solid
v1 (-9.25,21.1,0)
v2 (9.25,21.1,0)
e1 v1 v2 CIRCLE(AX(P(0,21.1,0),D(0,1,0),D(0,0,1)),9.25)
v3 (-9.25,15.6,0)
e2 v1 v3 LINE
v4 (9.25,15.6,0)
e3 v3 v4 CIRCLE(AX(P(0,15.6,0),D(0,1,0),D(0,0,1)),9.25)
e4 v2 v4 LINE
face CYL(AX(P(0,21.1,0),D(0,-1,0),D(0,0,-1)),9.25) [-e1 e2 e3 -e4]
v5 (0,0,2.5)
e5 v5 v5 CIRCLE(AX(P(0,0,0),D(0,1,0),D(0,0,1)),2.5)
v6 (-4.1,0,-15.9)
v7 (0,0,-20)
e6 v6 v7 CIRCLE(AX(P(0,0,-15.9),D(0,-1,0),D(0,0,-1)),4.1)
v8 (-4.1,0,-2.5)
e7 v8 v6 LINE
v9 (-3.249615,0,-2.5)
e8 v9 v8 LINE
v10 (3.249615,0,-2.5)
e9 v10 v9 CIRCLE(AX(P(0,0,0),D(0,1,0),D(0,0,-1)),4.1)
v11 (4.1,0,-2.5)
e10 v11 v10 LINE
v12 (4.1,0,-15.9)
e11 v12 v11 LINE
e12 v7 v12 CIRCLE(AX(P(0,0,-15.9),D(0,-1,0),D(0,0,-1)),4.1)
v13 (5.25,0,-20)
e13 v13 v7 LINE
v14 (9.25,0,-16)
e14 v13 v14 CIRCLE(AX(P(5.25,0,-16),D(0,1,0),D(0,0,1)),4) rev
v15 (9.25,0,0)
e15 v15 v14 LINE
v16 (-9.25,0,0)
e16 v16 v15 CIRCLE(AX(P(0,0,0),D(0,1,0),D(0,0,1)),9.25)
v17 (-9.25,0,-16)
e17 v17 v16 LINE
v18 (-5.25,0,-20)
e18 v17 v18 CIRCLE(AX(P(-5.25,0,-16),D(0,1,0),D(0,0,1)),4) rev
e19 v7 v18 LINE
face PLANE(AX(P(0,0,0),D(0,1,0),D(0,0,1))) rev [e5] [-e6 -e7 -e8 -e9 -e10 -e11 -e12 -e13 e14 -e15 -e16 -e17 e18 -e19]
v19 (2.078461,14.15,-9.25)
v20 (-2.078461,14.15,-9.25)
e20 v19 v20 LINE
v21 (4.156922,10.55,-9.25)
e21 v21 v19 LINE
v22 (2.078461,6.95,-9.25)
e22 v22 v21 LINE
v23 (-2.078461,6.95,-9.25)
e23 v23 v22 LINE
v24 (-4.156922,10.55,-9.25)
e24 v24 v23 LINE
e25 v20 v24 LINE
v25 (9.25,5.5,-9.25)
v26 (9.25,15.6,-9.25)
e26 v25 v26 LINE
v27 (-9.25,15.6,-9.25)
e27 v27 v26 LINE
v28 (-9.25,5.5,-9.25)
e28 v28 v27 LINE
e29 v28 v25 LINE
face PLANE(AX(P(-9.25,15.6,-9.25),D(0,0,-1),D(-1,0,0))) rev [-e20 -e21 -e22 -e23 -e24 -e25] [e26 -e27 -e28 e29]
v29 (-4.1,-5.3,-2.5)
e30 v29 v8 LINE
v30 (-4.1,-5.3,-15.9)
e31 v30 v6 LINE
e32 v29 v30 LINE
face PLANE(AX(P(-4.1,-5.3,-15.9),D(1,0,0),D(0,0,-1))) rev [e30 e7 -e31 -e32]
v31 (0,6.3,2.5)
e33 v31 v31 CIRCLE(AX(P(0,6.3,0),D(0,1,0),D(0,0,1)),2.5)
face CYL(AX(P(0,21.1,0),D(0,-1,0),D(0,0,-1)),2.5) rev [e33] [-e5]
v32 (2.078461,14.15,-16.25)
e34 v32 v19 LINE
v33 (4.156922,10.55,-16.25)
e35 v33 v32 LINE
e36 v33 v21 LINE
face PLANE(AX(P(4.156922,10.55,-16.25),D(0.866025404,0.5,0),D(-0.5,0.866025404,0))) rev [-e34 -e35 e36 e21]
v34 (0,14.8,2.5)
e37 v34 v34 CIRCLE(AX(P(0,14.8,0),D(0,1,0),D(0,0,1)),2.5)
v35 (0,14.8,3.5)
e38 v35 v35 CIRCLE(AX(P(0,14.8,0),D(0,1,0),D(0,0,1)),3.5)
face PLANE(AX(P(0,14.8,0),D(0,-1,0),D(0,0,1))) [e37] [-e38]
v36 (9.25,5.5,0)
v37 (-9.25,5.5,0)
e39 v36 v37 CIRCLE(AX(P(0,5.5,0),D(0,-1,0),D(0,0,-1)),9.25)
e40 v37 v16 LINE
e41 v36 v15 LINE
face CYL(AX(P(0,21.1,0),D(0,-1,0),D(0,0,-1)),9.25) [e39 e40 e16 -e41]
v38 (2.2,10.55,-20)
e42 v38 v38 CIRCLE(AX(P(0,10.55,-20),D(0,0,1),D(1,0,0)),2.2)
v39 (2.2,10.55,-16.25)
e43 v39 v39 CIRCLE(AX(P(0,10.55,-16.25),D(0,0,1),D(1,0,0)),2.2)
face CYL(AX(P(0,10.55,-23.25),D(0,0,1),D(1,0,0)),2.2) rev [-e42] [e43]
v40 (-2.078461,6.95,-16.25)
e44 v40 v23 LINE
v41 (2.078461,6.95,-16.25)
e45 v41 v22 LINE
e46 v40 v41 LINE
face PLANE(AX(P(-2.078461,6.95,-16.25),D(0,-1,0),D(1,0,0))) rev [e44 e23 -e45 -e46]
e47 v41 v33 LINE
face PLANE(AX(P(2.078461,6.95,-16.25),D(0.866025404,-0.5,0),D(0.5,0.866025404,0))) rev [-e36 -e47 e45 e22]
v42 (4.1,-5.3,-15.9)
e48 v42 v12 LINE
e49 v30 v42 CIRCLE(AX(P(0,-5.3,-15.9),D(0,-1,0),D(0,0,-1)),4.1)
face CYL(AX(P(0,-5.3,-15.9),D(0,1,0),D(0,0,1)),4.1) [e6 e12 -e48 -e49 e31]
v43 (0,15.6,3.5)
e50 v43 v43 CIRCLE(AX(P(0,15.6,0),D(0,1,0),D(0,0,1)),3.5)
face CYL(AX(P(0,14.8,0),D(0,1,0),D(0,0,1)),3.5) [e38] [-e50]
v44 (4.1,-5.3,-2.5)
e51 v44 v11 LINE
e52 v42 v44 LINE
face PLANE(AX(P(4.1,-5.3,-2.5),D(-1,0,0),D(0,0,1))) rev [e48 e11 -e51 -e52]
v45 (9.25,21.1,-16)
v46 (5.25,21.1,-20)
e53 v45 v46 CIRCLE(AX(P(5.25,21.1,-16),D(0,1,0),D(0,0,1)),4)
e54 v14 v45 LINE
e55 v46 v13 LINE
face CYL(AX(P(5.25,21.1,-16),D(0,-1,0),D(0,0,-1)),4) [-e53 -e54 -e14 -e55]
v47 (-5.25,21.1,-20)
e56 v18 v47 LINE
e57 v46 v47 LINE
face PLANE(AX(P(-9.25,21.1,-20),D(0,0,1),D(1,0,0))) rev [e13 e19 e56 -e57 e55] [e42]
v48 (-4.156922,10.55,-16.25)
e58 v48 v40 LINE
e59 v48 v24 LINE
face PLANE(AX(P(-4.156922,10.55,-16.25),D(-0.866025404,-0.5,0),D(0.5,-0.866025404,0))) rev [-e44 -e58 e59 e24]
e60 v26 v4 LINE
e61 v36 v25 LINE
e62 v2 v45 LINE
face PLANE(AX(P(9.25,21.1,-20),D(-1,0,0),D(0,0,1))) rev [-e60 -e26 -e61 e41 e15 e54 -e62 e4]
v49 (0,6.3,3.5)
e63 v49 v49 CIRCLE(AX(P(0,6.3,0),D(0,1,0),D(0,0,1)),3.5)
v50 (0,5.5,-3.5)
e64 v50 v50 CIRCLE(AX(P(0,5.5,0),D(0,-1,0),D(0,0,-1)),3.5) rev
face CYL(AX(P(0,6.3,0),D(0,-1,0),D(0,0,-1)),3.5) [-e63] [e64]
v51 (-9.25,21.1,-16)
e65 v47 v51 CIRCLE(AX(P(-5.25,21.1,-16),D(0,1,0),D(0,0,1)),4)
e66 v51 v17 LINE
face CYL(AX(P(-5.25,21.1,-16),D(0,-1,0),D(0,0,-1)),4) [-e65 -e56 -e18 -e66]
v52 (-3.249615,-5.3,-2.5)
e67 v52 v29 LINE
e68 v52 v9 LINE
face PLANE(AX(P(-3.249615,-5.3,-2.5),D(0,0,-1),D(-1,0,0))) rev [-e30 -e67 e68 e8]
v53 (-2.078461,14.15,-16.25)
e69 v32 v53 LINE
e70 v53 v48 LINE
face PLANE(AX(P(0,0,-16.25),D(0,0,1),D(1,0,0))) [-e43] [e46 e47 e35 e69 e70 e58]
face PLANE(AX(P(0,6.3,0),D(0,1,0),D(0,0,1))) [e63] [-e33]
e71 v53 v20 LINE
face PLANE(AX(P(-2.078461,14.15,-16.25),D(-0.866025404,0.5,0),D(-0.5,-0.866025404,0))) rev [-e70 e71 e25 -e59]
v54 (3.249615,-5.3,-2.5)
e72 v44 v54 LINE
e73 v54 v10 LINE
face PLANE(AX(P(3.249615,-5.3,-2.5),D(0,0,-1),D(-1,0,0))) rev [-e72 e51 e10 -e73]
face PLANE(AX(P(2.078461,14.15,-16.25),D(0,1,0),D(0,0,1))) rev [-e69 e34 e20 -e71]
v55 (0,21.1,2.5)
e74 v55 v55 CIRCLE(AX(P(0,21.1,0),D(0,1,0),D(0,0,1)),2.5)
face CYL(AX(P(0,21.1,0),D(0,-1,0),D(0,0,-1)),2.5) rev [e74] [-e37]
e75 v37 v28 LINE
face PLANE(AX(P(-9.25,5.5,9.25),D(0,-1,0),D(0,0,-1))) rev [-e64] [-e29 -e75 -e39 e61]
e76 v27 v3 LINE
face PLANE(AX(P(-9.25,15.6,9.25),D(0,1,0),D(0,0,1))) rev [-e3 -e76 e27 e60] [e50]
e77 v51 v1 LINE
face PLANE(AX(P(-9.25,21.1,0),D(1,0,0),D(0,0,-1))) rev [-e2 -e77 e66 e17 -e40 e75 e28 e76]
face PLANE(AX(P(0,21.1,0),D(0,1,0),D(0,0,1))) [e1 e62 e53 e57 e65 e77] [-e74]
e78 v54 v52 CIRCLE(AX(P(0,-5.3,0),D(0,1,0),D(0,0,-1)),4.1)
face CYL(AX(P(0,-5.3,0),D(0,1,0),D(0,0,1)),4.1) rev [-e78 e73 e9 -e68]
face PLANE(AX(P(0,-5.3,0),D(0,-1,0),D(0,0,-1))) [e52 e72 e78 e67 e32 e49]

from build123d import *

# Parameters (mm, degrees)
SKETCH1_R           = 2.5
BOSS_EXTRUDE1_DEPTH = 21.1
SKETCH2_W           = 18.5
SKETCH2_H           = 10.1
CUT_EXTRUDE1_DEPTH  = 35.459541494
BOSS_EXTRUDE3_DEPTH = 5.3
SKETCH4_R           = 3.5
SKETCH4_R_2         = 2.5
BOSS_EXTRUDE4_DEPTH = 0.8
FILLET1_R           = 4
CUT_EXTRUDE2_DEPTH  = 7
SKETCH6_R           = 2.2
CUT_EXTRUDE3_DEPTH  = 7


with BuildPart() as part:
    # Sketch1 → Boss-Extrude1 (new body)
    with BuildSketch(Plane(origin=(0, 0, 0), x_dir=(1, 0, 0), z_dir=(0, 1, 0))):
        with BuildLine():
            Line((-9.25, 0), (-9.25, 20))
            Line((-9.25, 20), (9.25, 20))
            Line((9.25, 20), (9.25, 0))
            ThreePointArc((9.25, 0), (0, -9.25), (-9.25, 0))
        make_face()
        with Locations(Location((0, 0, 0), (0, 0, 270))):
            Circle(SKETCH1_R, mode=Mode.SUBTRACT)
    extrude(amount=BOSS_EXTRUDE1_DEPTH)

    # Sketch2 → Cut-Extrude1 (cut, through all)
    with BuildSketch(Plane(origin=(9.25, 0, 0), x_dir=(0, 0, -1), z_dir=(1, 0, 0))):
        with Locations((0, 10.55)):
            Rectangle(SKETCH2_W, SKETCH2_H)
    extrude(amount=-CUT_EXTRUDE1_DEPTH, mode=Mode.SUBTRACT)

    # Sketch3 → Boss-Extrude3 (add)
    with BuildSketch(Plane.XZ):
        with BuildLine():
            Line((4.1, -2.5), (4.1, -15.9))
            ThreePointArc((4.1, -15.9), (0, -20), (-4.1, -15.9))
            Line((-4.1, -15.9), (-4.1, -2.5))
            Line((-4.1, -2.5), (-3.249615362, -2.5))
            ThreePointArc((-3.249615362, -2.5), (0, -4.1), (3.249615362, -2.5))
            Line((3.249615362, -2.5), (4.1, -2.5))
        make_face()
    extrude(amount=BOSS_EXTRUDE3_DEPTH)

    # Sketch4 → Boss-Extrude4 (add)
    with BuildSketch(Plane(origin=(0, 5.5, 0), x_dir=(1, 0, 0), z_dir=(0, 1, 0))):
        with Locations(Location((0, 0, 0), (0, 0, 90))):
            Circle(SKETCH4_R)
        with Locations(Location((0, 0, 0), (0, 0, 270))):
            Circle(SKETCH4_R_2, mode=Mode.SUBTRACT)
    boss_extrude4 = extrude(amount=BOSS_EXTRUDE4_DEPTH)

    # Mirror1: Boss-Extrude4 across plane
    add(boss_extrude4.mirror(Plane.ZX.offset(10.55)))

    # Fillet1
    fillet1_edges = [part.edges().sort_by_distance(p)[0] for p in [
        (-9.25, 10.55, -20),
        (9.25, 10.55, -20),
    ]]
    fillet(fillet1_edges, radius=FILLET1_R)

    # Sketch5 → Cut-Extrude2 (cut)
    with BuildSketch(Plane.XY.offset(-9.25)):
        Polygon((2.078460969, 6.95), (4.156921938, 10.55), (2.078460969, 14.15), (-2.078460969, 14.15), (-4.156921938, 10.55), (-2.078460969, 6.95), align=None)
    extrude(amount=-CUT_EXTRUDE2_DEPTH, mode=Mode.SUBTRACT)

    # Sketch6 → Cut-Extrude3 (cut)
    with BuildSketch(Plane.XY.offset(-16.25)):
        with Locations((0, 10.55)):
            Circle(SKETCH6_R)
    extrude(amount=-CUT_EXTRUDE3_DEPTH, mode=Mode.SUBTRACT)


solid = part.part
